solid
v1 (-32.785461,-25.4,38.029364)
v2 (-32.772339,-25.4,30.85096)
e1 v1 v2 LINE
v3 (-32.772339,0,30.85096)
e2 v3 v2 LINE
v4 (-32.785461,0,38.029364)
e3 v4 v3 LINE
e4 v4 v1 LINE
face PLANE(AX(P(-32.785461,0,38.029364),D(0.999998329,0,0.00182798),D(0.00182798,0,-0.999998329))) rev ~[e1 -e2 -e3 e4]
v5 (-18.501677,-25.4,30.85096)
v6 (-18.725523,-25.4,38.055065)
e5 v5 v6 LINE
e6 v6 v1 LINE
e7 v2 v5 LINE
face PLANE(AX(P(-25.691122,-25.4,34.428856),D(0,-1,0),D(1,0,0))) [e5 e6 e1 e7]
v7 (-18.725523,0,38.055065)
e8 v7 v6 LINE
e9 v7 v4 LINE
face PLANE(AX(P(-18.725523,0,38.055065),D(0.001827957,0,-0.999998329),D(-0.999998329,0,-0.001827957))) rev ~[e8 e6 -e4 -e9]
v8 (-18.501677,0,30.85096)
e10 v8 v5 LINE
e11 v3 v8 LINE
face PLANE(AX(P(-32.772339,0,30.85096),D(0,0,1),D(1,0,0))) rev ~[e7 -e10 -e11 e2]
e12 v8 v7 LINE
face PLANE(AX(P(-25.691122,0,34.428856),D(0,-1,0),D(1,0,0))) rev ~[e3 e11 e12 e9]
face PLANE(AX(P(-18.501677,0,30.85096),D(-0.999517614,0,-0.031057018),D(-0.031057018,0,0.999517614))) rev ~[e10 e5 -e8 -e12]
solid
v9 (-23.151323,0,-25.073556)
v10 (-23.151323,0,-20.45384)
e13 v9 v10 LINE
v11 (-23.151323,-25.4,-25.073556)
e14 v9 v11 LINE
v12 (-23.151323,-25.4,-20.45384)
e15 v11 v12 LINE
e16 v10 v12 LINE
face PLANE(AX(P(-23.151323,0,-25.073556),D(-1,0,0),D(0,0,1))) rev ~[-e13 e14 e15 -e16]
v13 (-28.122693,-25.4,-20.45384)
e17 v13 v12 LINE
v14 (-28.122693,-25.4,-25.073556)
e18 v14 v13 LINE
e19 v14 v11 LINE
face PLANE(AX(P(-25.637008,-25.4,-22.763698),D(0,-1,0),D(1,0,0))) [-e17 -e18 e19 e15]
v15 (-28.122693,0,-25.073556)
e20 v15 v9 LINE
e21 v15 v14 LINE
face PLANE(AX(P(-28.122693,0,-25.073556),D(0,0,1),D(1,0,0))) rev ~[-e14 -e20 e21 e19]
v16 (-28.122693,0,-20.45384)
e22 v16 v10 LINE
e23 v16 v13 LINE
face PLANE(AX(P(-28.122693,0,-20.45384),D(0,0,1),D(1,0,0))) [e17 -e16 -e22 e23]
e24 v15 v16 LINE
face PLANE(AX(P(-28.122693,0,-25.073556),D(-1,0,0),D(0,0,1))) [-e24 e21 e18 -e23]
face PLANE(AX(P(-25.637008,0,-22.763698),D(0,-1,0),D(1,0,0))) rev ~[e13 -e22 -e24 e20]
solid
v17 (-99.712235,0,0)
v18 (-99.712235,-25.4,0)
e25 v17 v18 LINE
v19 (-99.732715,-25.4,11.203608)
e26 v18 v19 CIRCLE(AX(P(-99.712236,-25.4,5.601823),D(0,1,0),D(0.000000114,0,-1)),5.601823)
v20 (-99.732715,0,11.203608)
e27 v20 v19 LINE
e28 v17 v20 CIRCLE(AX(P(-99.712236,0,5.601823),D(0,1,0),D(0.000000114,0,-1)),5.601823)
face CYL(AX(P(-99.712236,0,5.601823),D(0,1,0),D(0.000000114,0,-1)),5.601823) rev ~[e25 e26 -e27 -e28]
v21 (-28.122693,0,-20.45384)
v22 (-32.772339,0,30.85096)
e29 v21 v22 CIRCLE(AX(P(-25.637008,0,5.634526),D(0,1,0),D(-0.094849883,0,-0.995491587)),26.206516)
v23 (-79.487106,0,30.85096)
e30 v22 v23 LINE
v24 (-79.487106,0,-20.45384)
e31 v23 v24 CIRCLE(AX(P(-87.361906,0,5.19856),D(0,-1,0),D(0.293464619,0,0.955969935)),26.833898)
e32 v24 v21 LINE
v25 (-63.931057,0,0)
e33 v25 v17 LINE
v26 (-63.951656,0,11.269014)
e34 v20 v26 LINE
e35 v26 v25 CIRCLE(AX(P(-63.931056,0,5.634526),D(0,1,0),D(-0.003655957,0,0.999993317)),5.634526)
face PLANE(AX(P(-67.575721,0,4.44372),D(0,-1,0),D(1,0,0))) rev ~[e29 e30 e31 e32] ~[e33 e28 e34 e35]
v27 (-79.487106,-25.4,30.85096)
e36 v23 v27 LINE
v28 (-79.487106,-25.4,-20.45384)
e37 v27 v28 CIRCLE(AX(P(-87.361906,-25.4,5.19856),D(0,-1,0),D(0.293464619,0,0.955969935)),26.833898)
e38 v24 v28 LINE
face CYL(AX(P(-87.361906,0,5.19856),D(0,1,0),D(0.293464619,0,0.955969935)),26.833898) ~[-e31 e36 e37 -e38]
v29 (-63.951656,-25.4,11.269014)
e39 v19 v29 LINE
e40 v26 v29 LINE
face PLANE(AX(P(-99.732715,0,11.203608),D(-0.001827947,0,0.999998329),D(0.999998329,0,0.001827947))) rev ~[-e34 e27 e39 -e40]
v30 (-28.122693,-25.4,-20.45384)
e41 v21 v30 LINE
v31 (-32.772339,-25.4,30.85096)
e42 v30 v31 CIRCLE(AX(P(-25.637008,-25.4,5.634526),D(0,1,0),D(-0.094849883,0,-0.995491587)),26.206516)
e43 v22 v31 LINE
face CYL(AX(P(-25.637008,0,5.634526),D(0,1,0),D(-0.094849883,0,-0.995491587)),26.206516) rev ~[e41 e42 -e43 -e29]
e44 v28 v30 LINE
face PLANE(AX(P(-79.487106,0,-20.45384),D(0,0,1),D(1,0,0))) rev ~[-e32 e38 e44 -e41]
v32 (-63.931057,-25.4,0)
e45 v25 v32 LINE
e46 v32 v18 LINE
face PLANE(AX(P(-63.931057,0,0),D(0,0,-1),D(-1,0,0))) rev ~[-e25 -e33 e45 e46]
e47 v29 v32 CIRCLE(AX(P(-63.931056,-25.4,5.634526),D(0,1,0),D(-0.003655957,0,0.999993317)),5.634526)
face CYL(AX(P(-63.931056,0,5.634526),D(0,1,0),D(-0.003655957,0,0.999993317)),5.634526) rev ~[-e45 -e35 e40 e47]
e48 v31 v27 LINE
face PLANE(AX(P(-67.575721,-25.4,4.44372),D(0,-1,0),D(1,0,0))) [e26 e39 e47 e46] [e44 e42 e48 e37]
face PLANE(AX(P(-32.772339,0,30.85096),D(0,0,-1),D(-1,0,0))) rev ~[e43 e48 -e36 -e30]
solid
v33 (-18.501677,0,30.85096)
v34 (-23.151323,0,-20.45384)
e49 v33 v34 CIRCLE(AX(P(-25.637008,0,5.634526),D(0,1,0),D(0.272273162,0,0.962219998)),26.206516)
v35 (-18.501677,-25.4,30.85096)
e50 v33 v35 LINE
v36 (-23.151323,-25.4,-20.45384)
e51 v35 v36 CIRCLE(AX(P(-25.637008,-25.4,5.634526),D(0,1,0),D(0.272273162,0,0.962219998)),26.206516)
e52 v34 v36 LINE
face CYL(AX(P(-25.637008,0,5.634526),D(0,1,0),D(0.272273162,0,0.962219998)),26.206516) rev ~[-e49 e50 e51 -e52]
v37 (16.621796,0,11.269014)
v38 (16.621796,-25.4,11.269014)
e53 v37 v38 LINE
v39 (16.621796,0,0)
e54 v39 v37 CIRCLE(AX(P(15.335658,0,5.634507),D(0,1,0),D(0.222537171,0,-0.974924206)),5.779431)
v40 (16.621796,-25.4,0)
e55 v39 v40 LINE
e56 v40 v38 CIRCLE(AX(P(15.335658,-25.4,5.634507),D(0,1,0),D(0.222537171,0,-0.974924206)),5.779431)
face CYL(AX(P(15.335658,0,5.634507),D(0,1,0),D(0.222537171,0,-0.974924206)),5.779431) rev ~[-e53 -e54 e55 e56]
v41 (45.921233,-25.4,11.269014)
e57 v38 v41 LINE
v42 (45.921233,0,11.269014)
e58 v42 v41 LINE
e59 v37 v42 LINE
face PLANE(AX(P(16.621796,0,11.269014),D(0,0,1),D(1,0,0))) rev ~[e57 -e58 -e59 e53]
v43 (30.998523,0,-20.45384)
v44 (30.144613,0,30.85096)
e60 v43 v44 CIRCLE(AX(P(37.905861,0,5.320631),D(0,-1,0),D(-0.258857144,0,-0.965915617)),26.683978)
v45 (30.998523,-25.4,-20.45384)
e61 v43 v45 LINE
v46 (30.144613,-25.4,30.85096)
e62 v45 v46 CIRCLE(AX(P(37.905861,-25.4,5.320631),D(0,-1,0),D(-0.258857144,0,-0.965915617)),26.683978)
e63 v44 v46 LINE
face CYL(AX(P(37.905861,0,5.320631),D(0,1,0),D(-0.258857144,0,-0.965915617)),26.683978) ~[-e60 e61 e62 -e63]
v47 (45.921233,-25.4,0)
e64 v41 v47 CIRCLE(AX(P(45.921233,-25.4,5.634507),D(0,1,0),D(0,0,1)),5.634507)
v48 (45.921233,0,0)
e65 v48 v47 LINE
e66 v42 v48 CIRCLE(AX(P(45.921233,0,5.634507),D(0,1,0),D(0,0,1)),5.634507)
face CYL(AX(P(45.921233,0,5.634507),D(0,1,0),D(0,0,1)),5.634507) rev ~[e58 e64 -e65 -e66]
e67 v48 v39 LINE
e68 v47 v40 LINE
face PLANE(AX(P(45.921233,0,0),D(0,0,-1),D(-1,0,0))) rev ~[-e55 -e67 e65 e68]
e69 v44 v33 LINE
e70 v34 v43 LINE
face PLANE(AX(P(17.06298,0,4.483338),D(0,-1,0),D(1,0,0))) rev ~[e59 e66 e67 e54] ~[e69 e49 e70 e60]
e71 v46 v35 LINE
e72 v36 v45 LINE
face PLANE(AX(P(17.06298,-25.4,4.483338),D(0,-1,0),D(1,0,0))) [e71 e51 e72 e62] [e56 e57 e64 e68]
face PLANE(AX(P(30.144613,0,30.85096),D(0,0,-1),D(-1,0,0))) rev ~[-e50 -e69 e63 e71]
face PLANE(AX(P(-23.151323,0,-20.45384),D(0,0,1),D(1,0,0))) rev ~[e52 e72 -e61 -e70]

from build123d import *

# Parameters (mm, degrees)
F0_W     = 4.97137
F0_H     = 4.619716
F1_DEPTH = 25.4


with BuildPart() as f1:
    # F0 (on Front) → F1 (new body)
    with BuildSketch(Plane.XZ):
        with BuildLine():
            Line((-32.772339, 30.85096), (-79.487106, 30.85096))
            ThreePointArc((-79.487106, 30.85096), (-114.195804, 5.19856), (-79.487106, -20.45384))
            Line((-79.487106, -20.45384), (-28.122693, -20.45384))
            ThreePointArc((-28.122693, -20.45384), (-51.73656, 3.269179), (-32.772339, 30.85096))
        make_face()
        with BuildLine():
            Line((-99.732715, 11.203608), (-63.951656, 11.269014))
            ThreePointArc((-63.951656, 11.269014), (-58.29654, 5.644826), (-63.931057, 0))
            Line((-63.931057, 0), (-99.712235, 0))
            ThreePointArc((-99.712235, 0), (-105.314049, 5.591583), (-99.732715, 11.203608))
        make_face(mode=Mode.SUBTRACT)
        with BuildLine():
            Line((30.144613, 30.85096), (-18.501677, 30.85096))
            ThreePointArc((-18.501677, 30.85096), (0.462544, 3.269179), (-23.151323, -20.45384))
            Line((-23.151323, -20.45384), (30.998523, -20.45384))
            ThreePointArc((30.998523, -20.45384), (64.586144, 5.764694), (30.144613, 30.85096))
        make_face()
        with BuildLine():
            ThreePointArc((16.621796, 0), (9.556227, 5.634507), (16.621796, 11.269014))
            Line((16.621796, 11.269014), (45.921233, 11.269014))
            ThreePointArc((45.921233, 11.269014), (51.55574, 5.634507), (45.921233, 0))
            Line((45.921233, 0), (16.621796, 0))
        make_face(mode=Mode.SUBTRACT)
        Polygon((-32.785461, 38.029364), (-32.772339, 30.85096), (-18.501677, 30.85096), (-18.725523, 38.055065), align=None)
        with Locations((-25.637008, -22.763698)):
            Rectangle(F0_W, F0_H)
    extrude(amount=F1_DEPTH)


solid = f1.part
